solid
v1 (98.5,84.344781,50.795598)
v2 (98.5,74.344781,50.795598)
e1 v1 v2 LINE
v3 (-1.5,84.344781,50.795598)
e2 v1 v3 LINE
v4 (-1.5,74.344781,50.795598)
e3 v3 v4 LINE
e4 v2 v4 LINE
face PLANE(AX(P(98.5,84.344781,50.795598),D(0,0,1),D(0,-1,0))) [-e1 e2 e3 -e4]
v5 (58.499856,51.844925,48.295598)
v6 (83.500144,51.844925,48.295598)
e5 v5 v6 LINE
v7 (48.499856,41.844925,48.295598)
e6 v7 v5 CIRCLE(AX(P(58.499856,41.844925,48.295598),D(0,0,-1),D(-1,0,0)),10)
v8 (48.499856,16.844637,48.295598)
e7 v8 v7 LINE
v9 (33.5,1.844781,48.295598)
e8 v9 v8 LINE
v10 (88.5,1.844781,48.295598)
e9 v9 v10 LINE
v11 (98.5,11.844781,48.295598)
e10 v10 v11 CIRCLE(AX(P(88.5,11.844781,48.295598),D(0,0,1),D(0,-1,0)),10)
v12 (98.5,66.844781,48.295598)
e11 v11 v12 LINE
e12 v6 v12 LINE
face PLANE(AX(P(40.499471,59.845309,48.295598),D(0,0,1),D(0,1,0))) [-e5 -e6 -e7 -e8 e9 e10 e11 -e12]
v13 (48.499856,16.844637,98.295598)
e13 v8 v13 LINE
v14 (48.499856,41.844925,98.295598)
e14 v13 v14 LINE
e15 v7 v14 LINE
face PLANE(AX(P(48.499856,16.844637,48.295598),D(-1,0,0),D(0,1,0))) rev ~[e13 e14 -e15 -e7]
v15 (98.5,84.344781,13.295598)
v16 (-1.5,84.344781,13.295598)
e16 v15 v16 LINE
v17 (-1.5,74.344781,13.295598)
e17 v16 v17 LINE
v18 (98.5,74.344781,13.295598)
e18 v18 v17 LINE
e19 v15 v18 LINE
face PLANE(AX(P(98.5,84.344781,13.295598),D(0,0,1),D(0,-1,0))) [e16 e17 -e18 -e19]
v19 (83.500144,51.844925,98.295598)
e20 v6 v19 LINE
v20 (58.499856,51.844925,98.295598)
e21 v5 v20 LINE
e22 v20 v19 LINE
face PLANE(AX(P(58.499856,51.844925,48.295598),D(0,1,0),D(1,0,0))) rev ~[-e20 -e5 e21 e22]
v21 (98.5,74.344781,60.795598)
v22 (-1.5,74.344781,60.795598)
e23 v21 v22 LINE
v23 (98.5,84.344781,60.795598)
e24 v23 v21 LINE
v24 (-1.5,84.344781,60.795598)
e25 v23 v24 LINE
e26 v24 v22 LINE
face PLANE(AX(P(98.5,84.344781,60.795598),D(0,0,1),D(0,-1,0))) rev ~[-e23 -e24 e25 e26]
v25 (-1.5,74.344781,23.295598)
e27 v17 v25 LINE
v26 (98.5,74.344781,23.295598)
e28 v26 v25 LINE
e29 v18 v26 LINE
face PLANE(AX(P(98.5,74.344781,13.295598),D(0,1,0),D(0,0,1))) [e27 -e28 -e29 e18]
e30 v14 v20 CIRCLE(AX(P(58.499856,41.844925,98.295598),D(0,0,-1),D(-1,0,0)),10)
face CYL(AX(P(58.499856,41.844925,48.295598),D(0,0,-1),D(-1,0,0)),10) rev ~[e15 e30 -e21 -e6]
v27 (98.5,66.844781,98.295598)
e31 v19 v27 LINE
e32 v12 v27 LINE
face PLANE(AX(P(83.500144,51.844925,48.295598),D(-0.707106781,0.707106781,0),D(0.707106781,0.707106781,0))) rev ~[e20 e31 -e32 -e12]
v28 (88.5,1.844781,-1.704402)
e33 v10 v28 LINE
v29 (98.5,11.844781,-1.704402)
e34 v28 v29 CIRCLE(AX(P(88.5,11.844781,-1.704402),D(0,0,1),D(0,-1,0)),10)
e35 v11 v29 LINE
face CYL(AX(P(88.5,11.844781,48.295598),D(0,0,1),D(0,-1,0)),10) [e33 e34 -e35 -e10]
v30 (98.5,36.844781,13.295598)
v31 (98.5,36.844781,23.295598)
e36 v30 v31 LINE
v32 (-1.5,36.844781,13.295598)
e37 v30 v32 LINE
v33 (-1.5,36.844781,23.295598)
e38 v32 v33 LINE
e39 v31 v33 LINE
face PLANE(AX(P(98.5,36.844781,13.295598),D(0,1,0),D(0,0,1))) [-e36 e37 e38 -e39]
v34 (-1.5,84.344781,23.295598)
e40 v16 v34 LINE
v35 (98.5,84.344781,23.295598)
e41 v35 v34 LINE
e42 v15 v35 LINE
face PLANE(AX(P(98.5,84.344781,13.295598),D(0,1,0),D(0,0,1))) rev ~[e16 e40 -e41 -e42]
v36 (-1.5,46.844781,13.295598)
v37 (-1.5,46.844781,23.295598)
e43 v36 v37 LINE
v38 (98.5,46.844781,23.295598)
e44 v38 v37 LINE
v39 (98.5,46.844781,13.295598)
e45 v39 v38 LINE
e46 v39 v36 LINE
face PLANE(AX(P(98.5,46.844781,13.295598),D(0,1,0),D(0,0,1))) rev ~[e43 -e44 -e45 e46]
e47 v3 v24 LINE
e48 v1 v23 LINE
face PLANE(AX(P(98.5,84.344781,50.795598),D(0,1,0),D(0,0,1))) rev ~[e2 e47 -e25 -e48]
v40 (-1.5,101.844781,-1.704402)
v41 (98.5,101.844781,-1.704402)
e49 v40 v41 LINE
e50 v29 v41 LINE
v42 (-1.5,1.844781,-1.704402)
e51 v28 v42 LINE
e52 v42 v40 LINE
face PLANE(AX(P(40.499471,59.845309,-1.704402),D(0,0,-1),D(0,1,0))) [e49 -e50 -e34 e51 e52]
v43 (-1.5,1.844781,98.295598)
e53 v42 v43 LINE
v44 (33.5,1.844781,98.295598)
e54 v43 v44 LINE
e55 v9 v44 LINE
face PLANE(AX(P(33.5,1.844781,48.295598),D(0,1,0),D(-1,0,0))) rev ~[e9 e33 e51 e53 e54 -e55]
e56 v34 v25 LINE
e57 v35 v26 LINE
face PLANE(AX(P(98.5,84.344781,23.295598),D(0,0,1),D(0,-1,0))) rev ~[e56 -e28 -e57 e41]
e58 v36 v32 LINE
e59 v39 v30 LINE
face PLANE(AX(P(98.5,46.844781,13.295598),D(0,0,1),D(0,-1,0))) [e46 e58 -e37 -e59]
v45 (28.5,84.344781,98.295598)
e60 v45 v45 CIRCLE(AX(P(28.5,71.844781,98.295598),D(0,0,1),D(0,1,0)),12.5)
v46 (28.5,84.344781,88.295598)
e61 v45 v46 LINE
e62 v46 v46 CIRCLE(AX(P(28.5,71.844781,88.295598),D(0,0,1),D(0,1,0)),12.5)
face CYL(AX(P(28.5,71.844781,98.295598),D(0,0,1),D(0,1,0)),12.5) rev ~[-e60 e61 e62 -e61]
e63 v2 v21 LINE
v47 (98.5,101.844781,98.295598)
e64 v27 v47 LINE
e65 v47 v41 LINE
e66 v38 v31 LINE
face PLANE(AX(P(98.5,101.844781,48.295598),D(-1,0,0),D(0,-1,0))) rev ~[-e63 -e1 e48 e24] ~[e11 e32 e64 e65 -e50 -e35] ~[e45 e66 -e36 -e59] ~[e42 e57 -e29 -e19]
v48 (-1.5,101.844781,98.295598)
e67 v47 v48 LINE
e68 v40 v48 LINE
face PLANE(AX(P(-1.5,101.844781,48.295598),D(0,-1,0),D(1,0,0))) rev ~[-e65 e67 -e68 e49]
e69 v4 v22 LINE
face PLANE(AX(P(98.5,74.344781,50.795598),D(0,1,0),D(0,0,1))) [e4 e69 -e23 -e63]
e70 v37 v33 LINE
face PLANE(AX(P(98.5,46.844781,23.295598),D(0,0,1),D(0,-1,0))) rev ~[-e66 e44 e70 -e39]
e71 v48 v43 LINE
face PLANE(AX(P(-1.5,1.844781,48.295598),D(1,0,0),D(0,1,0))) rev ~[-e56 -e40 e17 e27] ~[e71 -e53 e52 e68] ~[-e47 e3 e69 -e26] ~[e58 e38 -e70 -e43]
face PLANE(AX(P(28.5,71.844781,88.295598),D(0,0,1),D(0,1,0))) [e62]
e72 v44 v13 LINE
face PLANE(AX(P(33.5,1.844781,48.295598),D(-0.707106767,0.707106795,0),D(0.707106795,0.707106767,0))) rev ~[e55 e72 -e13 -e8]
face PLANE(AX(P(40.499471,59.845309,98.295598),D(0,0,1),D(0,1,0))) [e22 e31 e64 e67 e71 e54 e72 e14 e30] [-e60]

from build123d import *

# Parameters (mm, degrees)
F1_DEPTH  = 50
F2_DEPTH  = 50
F3_R      = 12.5
F4_DEPTH  = 10
F5_DEPTH  = 10
F6_W      = 10
F6_H      = 10
F7_DEPTH  = 100
F8_DEPTH  = 100
F9_DEPTH  = 100
F11_ANGLE = 90


with BuildPart() as f1:
    # F0 (on Right) → F1 (new body)
    with BuildSketch(Plane.YZ):
        with BuildLine():
            Line((66.8447806998, -31.704402437), (66.8447806998, 68.295597563))
            Line((66.8447806998, 68.295597563), (-33.1552193002, 68.295597563))
            Line((-33.1552193002, 68.295597563), (-33.1552193002, 33.295597563))
            Line((-33.1552193002, 33.295597563), (-18.1553634487, 18.2957411159))
            Line((-18.1553634487, 18.2957411159), (6.8449245505, 18.2957411159))
            ThreePointArc((6.8449245505, 18.2957411159), (13.9159923623, 15.3668089278), (16.8449245505, 8.2957411159))
            Line((16.8449245505, 8.2957411159), (16.8449245505, -16.7045462877))
            Line((16.8449245505, -16.7045462877), (31.8447806998, -31.704402437))
            Line((31.8447806998, -31.704402437), (66.8447806998, -31.704402437))
        make_face()
    extrude(amount=F1_DEPTH)

    # F1_face (on face) + F0 (on Right) → F2 (join)
    with BuildSketch(Plane(origin=(0, 26.0207710076, 27.4715879225), x_dir=(0, 1, 0), z_dir=(-1, 0, 0))):
        with BuildLine():
            Line((40.8240096922, -40.8240096405), (40.8240096922, 59.1759903595))
            Line((40.8240096922, 59.1759903595), (5.8240096922, 59.1759903595))
            Line((5.8240096922, 59.1759903595), (-9.1758464571, 44.1761342102))
            Line((-9.1758464571, 44.1761342102), (-9.1758464571, 19.1758468066))
            ThreePointArc((-9.1758464571, 19.1758468066), (-12.1047786452, 12.1047789947), (-19.1758464571, 9.1758468066))
            Line((-19.1758464571, 9.1758468066), (-44.1761344563, 9.1758468066))
            Line((-44.1761344563, 9.1758468066), (-59.1759903078, -5.8240096405))
            Line((-59.1759903078, -5.8240096405), (-59.1759903078, -40.8240096405))
            Line((-59.1759903078, -40.8240096405), (40.8240096922, -40.8240096405))
        make_face()
    with BuildSketch(Plane.YZ):
        with BuildLine():
            Line((66.8447806998, -31.704402437), (66.8447806998, 68.295597563))
            Line((66.8447806998, 68.295597563), (-33.1552193002, 68.295597563))
            Line((-33.1552193002, 68.295597563), (-33.1552193002, 33.295597563))
            Line((-33.1552193002, 33.295597563), (-18.1553634487, 18.2957411159))
            Line((-18.1553634487, 18.2957411159), (6.8449245505, 18.2957411159))
            ThreePointArc((6.8449245505, 18.2957411159), (13.9159923623, 15.3668089278), (16.8449245505, 8.2957411159))
            Line((16.8449245505, 8.2957411159), (16.8449245505, -16.7045462877))
            Line((16.8449245505, -16.7045462877), (31.8447806998, -31.704402437))
            Line((31.8447806998, -31.704402437), (66.8447806998, -31.704402437))
        make_face()
        with BuildLine():
            Line((-18.1553634487, 18.2957411159), (-33.1552193002, 33.295597563))
            Line((-33.1552193002, 33.295597563), (-33.1552193002, -21.704402437))
            ThreePointArc((-33.1552193002, -21.704402437), (-30.2262871121, -28.7754702488), (-23.1552193002, -31.704402437))
            Line((-23.1552193002, -31.704402437), (31.8447806998, -31.704402437))
            Line((31.8447806998, -31.704402437), (16.8449245505, -16.7045462877))
            Line((16.8449245505, -16.7045462877), (16.8449245505, 8.2957411159))
            ThreePointArc((16.8449245505, 8.2957411159), (13.9159923623, 15.3668089278), (6.8449245505, 18.2957411159))
            Line((6.8449245505, 18.2957411159), (-18.1553634487, 18.2957411159))
        make_face()
    extrude(amount=F2_DEPTH, dir=(-1, 0, 0))

    # F3 (on face) → F4 (join)
    with BuildSketch(Plane.YZ.offset(50)):
        with Locations((36.8447806998, 38.295597563)):
            Circle(F3_R)
    extrude(amount=-F4_DEPTH)

    # F3 (on face) → F5 (cut)
    with BuildSketch(Plane.YZ.offset(50)):
        with Locations((36.8447806998, 38.295597563)):
            Circle(F3_R)
    extrude(amount=-F5_DEPTH, mode=Mode.SUBTRACT)

    # F6 (on face) → F7 (cut)
    with BuildSketch(Plane(origin=(0, 0, -31.704402437), x_dir=(1, 0, 0), z_dir=(0, 0, -1))):
        with Locations((-30, -6.8447806998)):
            Rectangle(F6_W, F6_H)
    extrude(amount=-F7_DEPTH, mode=Mode.SUBTRACT)

    # F6 (on face) → F8 (cut)
    with BuildSketch(Plane(origin=(0, 0, -31.704402437), x_dir=(1, 0, 0), z_dir=(0, 0, -1))):
        with Locations((7.5, -44.3447806998)):
            Rectangle(F6_W, F6_H)
    extrude(amount=-F8_DEPTH, mode=Mode.SUBTRACT)

    # F6 (on face) → F9 (cut)
    with BuildSketch(Plane(origin=(0, 0, -31.704402437), x_dir=(1, 0, 0), z_dir=(0, 0, -1))):
        with Locations((-30, -44.3447806998)):
            Rectangle(F6_W, F6_H)
    extrude(amount=-F9_DEPTH, mode=Mode.SUBTRACT)


with BuildPart() as f1_1:
    # F10: moved
    add(f1.part.moved(Location((25, 60, 0))))


with BuildPart() as f1_2:
    # F11: moved
    add(f1_1.part.rotate(Axis((-25, 76.8447806998, 68.295597563), (0, -1, 0)), F11_ANGLE))


with BuildPart() as f1_3:
    # F12: moved
    add(f1_2.part.moved(Location((25, -25, -70))))


with BuildPart() as f1_4:
    # F13: moved
    add(f1_3.part.moved(Location((-1.5, 0, 0))))


solid = f1_4.part
